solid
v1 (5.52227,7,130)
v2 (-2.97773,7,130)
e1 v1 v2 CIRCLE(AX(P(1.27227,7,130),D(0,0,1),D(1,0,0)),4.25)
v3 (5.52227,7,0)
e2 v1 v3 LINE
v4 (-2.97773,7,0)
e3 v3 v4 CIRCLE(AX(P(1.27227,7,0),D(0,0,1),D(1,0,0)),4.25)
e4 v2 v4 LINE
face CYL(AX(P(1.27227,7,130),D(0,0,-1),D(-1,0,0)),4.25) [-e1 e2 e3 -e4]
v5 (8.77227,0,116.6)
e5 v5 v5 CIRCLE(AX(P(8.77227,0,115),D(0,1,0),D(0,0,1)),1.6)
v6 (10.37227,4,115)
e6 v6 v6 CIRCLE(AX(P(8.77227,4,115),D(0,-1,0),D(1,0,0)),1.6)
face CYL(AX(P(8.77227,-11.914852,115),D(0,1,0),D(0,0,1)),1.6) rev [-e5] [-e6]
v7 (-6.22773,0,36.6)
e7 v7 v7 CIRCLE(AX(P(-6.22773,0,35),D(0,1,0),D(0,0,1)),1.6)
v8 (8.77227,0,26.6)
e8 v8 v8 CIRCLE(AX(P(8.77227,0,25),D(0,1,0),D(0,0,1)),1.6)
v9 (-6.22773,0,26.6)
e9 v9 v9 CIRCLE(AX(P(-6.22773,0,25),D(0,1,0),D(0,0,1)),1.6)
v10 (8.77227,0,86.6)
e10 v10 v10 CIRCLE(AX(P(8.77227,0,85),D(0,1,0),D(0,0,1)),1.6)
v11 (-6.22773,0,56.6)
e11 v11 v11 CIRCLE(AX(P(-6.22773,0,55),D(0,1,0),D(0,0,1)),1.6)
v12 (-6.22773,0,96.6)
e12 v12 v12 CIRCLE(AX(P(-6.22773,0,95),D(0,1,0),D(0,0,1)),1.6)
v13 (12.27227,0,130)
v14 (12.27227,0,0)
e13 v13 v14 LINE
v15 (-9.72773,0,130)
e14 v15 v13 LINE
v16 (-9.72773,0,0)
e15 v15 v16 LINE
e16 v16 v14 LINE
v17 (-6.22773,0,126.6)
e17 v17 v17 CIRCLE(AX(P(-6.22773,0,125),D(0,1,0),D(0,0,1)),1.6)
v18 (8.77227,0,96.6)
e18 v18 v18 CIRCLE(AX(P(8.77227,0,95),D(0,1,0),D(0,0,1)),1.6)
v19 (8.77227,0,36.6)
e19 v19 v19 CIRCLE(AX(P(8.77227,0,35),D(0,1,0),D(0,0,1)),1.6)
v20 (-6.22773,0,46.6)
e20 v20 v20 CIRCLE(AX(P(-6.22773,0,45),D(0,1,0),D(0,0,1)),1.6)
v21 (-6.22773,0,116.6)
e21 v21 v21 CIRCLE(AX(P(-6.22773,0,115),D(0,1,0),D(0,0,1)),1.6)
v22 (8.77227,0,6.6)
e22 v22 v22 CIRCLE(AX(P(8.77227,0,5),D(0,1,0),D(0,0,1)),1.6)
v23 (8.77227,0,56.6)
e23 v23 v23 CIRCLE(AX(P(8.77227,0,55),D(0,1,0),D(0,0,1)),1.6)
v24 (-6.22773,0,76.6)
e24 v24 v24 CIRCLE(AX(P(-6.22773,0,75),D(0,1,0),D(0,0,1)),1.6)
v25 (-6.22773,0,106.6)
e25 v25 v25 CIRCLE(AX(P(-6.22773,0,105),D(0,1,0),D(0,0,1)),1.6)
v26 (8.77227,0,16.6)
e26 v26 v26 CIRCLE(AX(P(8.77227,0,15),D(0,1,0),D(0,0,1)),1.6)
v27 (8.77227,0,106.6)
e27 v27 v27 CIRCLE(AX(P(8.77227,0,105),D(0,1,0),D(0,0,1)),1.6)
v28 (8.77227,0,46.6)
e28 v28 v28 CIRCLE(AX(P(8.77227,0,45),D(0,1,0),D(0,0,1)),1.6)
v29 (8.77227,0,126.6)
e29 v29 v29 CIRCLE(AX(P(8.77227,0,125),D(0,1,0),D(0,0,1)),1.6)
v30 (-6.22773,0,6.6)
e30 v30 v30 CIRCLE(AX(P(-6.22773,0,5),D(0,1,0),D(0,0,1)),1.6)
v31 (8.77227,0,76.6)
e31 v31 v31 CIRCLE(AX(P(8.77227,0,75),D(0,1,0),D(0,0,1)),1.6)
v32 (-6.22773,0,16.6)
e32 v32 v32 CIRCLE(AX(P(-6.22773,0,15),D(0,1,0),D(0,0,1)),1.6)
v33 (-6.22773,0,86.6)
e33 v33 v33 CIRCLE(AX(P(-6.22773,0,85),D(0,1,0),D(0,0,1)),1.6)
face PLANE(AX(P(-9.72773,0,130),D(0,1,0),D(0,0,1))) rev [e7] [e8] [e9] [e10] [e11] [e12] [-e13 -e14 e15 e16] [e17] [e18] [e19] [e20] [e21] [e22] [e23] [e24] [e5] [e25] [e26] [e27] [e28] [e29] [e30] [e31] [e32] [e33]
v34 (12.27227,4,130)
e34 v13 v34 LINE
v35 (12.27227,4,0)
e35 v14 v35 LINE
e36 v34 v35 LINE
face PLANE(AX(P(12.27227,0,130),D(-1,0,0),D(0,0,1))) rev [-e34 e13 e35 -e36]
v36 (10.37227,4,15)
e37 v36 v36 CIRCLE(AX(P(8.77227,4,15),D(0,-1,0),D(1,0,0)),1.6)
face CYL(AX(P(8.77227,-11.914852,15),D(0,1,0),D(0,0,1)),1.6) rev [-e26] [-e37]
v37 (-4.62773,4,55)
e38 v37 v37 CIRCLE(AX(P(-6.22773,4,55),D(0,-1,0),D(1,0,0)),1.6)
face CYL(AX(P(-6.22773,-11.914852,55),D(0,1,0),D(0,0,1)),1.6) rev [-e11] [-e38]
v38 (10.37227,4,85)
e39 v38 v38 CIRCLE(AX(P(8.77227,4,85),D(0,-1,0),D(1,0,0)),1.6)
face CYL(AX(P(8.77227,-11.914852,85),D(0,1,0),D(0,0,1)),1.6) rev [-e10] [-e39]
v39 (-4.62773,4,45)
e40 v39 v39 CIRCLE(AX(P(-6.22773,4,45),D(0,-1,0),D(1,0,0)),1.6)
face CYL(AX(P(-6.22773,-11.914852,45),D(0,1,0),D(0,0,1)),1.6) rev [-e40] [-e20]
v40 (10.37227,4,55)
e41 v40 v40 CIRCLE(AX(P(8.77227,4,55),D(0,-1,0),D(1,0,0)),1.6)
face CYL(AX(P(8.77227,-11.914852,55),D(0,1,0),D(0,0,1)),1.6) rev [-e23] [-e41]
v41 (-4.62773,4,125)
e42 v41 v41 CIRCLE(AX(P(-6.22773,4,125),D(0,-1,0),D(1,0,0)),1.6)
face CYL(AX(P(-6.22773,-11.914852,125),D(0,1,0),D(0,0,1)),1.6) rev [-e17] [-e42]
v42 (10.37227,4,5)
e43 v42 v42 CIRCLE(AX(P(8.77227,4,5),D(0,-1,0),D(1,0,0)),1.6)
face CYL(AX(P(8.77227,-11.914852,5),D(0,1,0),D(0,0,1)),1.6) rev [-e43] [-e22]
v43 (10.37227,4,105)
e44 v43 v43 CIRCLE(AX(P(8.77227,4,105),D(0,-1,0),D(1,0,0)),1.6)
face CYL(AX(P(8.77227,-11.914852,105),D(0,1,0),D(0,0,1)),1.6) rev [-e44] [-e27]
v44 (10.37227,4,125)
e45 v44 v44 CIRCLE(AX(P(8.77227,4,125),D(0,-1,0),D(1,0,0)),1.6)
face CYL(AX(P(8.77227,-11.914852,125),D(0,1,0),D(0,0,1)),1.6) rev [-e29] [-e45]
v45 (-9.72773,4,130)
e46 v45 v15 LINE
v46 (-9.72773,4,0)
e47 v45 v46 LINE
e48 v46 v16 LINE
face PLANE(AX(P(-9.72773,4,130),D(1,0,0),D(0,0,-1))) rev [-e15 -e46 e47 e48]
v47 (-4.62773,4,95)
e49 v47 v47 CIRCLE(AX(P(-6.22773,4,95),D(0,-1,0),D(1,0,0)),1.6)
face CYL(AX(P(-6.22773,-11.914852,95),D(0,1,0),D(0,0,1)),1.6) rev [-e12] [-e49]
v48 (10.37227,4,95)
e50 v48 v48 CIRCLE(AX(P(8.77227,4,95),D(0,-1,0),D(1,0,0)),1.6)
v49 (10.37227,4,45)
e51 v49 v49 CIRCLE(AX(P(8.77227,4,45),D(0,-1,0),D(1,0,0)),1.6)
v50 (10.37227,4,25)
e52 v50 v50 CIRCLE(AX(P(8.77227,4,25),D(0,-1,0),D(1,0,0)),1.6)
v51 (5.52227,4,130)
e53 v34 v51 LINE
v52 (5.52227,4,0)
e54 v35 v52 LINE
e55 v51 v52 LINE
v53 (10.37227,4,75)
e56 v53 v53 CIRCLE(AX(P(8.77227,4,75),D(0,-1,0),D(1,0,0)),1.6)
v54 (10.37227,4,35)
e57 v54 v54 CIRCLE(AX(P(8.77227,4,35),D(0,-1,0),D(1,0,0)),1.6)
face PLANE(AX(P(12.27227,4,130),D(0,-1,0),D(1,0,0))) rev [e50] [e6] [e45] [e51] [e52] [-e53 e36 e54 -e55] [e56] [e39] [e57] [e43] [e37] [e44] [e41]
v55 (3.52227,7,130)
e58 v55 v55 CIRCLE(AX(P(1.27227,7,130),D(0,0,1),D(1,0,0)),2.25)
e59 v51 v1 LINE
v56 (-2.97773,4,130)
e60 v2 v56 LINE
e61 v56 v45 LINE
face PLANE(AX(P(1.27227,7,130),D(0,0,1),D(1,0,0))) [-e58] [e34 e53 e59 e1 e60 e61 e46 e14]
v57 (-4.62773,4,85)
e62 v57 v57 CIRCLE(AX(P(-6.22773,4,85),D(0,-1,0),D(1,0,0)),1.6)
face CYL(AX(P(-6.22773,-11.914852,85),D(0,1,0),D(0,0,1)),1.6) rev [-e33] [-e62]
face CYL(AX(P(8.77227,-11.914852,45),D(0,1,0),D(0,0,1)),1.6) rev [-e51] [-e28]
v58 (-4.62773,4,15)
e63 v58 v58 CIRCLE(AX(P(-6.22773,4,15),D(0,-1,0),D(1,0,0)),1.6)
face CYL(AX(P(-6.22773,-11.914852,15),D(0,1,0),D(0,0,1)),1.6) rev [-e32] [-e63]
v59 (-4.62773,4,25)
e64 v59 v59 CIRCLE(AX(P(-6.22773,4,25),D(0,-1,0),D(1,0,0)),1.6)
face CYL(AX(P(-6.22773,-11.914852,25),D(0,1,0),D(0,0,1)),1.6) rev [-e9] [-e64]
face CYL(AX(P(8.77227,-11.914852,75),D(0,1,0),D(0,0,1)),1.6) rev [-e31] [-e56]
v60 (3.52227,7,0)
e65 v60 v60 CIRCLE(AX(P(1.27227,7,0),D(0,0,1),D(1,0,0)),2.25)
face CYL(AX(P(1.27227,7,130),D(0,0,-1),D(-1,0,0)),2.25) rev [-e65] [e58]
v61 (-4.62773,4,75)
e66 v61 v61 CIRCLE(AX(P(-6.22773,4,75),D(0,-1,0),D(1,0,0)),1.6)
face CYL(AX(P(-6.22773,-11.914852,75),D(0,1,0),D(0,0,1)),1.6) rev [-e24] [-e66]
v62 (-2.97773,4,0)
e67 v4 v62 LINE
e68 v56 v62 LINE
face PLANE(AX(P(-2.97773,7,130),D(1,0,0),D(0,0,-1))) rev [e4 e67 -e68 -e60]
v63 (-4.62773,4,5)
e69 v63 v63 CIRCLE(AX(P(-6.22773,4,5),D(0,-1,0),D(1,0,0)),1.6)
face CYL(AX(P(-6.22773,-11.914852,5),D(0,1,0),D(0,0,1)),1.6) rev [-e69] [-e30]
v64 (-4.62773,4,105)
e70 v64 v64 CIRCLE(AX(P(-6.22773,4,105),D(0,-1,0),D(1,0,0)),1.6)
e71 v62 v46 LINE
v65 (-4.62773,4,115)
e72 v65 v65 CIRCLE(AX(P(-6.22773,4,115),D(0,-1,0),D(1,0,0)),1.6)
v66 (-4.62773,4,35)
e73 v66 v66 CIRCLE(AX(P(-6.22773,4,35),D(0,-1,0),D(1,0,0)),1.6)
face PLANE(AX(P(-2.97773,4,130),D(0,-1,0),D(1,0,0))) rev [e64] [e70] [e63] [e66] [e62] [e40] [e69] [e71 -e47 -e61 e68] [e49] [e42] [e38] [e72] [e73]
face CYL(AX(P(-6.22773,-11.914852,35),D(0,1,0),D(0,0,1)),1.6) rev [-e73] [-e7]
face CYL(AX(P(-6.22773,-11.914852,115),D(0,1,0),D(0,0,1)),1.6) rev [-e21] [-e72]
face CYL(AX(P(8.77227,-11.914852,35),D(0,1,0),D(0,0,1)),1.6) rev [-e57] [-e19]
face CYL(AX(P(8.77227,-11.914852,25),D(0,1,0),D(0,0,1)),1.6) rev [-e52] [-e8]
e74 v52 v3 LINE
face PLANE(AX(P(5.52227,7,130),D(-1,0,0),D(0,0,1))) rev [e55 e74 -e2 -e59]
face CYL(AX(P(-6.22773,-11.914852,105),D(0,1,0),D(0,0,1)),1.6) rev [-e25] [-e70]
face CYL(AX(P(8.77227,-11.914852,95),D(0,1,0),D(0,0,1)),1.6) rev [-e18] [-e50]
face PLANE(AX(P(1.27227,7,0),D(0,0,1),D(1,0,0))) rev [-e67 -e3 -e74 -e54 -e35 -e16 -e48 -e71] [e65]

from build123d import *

# Parameters (mm, degrees)
IZIM1_R                     = 2.25
Y_KSEKLIK_EKSTR_ZYON1_DEPTH = 130
IZIM2_R                     = 1.6
KES_EKSTR_ZYON1_DEPTH       = 20


with BuildPart() as part:
    # Çizim1 → Yükseklik-Ekstrüzyon1 (new body)
    with BuildSketch(Plane.XY):
        with BuildLine():
            Line((-9.727729885, 0), (12.272270115, 0))
            Line((12.272270115, 0), (12.272270115, 4))
            Line((12.272270115, 4), (5.522270115, 4))
            Line((5.522270115, 4), (5.522270115, 7))
            ThreePointArc((5.522270115, 7), (1.272270115, 11.25), (-2.977729885, 7))
            Line((-2.977729885, 7), (-2.977729885, 4))
            Line((-2.977729885, 4), (-9.727729885, 4))
            Line((-9.727729885, 4), (-9.727729885, 0))
        make_face()
        with Locations((1.272270115, 7)):
            Circle(IZIM1_R, mode=Mode.SUBTRACT)
    extrude(amount=Y_KSEKLIK_EKSTR_ZYON1_DEPTH)

    # Çizim2 → Kes-Ekstrüzyon1 (cut)
    with BuildSketch(Plane(origin=(0, 8.085148281, 0), x_dir=(1, 0, 0), z_dir=(0, 1, 0))):
        with Locations(Location((8.772270115, -5, 0), (0, 0, 270))):
            Circle(IZIM2_R)
        with Locations(Location((-6.227729885, -5, 0), (0, 0, 270))):
            Circle(IZIM2_R)
        with Locations(Location((-6.227729885, -15, 0), (0, 0, 270))):
            Circle(IZIM2_R)
        with Locations(Location((8.772270115, -15, 0), (0, 0, 270))):
            Circle(IZIM2_R)
        with Locations(Location((8.772270115, -35, 0), (0, 0, 270))):
            Circle(IZIM2_R)
        with Locations(Location((8.772270115, -45, 0), (0, 0, 270))):
            Circle(IZIM2_R)
        with Locations(Location((-6.227729885, -35, 0), (0, 0, 270))):
            Circle(IZIM2_R)
        with Locations(Location((-6.227729885, -45, 0), (0, 0, 270))):
            Circle(IZIM2_R)
        with Locations(Location((-6.227729885, -25, 0), (0, 0, 270))):
            Circle(IZIM2_R)
        with Locations(Location((8.772270115, -25, 0), (0, 0, 270))):
            Circle(IZIM2_R)
        with Locations(Location((-6.227729885, -55, 0), (0, 0, 270))):
            Circle(IZIM2_R)
        with Locations(Location((8.772270115, -55, 0), (0, 0, 270))):
            Circle(IZIM2_R)
        with Locations(Location((8.772270115, -75, 0), (0, 0, 270))):
            Circle(IZIM2_R)
        with Locations(Location((-6.227729885, -75, 0), (0, 0, 270))):
            Circle(IZIM2_R)
        with Locations(Location((8.772270115, -105, 0), (0, 0, 270))):
            Circle(IZIM2_R)
        with Locations(Location((-6.227729885, -105, 0), (0, 0, 270))):
            Circle(IZIM2_R)
        with Locations(Location((-6.227729885, -85, 0), (0, 0, 270))):
            Circle(IZIM2_R)
        with Locations(Location((-6.227729885, -95, 0), (0, 0, 270))):
            Circle(IZIM2_R)
        with Locations(Location((8.772270115, -85, 0), (0, 0, 270))):
            Circle(IZIM2_R)
        with Locations(Location((8.772270115, -95, 0), (0, 0, 270))):
            Circle(IZIM2_R)
        with Locations(Location((8.772270115, -115, 0), (0, 0, 270))):
            Circle(IZIM2_R)
        with Locations(Location((-6.227729885, -115, 0), (0, 0, 270))):
            Circle(IZIM2_R)
        with Locations(Location((-6.227729885, -125, 0), (0, 0, 270))):
            Circle(IZIM2_R)
        with Locations(Location((8.772270115, -125, 0), (0, 0, 270))):
            Circle(IZIM2_R)
    extrude(amount=-KES_EKSTR_ZYON1_DEPTH, mode=Mode.SUBTRACT)


solid = part.part
